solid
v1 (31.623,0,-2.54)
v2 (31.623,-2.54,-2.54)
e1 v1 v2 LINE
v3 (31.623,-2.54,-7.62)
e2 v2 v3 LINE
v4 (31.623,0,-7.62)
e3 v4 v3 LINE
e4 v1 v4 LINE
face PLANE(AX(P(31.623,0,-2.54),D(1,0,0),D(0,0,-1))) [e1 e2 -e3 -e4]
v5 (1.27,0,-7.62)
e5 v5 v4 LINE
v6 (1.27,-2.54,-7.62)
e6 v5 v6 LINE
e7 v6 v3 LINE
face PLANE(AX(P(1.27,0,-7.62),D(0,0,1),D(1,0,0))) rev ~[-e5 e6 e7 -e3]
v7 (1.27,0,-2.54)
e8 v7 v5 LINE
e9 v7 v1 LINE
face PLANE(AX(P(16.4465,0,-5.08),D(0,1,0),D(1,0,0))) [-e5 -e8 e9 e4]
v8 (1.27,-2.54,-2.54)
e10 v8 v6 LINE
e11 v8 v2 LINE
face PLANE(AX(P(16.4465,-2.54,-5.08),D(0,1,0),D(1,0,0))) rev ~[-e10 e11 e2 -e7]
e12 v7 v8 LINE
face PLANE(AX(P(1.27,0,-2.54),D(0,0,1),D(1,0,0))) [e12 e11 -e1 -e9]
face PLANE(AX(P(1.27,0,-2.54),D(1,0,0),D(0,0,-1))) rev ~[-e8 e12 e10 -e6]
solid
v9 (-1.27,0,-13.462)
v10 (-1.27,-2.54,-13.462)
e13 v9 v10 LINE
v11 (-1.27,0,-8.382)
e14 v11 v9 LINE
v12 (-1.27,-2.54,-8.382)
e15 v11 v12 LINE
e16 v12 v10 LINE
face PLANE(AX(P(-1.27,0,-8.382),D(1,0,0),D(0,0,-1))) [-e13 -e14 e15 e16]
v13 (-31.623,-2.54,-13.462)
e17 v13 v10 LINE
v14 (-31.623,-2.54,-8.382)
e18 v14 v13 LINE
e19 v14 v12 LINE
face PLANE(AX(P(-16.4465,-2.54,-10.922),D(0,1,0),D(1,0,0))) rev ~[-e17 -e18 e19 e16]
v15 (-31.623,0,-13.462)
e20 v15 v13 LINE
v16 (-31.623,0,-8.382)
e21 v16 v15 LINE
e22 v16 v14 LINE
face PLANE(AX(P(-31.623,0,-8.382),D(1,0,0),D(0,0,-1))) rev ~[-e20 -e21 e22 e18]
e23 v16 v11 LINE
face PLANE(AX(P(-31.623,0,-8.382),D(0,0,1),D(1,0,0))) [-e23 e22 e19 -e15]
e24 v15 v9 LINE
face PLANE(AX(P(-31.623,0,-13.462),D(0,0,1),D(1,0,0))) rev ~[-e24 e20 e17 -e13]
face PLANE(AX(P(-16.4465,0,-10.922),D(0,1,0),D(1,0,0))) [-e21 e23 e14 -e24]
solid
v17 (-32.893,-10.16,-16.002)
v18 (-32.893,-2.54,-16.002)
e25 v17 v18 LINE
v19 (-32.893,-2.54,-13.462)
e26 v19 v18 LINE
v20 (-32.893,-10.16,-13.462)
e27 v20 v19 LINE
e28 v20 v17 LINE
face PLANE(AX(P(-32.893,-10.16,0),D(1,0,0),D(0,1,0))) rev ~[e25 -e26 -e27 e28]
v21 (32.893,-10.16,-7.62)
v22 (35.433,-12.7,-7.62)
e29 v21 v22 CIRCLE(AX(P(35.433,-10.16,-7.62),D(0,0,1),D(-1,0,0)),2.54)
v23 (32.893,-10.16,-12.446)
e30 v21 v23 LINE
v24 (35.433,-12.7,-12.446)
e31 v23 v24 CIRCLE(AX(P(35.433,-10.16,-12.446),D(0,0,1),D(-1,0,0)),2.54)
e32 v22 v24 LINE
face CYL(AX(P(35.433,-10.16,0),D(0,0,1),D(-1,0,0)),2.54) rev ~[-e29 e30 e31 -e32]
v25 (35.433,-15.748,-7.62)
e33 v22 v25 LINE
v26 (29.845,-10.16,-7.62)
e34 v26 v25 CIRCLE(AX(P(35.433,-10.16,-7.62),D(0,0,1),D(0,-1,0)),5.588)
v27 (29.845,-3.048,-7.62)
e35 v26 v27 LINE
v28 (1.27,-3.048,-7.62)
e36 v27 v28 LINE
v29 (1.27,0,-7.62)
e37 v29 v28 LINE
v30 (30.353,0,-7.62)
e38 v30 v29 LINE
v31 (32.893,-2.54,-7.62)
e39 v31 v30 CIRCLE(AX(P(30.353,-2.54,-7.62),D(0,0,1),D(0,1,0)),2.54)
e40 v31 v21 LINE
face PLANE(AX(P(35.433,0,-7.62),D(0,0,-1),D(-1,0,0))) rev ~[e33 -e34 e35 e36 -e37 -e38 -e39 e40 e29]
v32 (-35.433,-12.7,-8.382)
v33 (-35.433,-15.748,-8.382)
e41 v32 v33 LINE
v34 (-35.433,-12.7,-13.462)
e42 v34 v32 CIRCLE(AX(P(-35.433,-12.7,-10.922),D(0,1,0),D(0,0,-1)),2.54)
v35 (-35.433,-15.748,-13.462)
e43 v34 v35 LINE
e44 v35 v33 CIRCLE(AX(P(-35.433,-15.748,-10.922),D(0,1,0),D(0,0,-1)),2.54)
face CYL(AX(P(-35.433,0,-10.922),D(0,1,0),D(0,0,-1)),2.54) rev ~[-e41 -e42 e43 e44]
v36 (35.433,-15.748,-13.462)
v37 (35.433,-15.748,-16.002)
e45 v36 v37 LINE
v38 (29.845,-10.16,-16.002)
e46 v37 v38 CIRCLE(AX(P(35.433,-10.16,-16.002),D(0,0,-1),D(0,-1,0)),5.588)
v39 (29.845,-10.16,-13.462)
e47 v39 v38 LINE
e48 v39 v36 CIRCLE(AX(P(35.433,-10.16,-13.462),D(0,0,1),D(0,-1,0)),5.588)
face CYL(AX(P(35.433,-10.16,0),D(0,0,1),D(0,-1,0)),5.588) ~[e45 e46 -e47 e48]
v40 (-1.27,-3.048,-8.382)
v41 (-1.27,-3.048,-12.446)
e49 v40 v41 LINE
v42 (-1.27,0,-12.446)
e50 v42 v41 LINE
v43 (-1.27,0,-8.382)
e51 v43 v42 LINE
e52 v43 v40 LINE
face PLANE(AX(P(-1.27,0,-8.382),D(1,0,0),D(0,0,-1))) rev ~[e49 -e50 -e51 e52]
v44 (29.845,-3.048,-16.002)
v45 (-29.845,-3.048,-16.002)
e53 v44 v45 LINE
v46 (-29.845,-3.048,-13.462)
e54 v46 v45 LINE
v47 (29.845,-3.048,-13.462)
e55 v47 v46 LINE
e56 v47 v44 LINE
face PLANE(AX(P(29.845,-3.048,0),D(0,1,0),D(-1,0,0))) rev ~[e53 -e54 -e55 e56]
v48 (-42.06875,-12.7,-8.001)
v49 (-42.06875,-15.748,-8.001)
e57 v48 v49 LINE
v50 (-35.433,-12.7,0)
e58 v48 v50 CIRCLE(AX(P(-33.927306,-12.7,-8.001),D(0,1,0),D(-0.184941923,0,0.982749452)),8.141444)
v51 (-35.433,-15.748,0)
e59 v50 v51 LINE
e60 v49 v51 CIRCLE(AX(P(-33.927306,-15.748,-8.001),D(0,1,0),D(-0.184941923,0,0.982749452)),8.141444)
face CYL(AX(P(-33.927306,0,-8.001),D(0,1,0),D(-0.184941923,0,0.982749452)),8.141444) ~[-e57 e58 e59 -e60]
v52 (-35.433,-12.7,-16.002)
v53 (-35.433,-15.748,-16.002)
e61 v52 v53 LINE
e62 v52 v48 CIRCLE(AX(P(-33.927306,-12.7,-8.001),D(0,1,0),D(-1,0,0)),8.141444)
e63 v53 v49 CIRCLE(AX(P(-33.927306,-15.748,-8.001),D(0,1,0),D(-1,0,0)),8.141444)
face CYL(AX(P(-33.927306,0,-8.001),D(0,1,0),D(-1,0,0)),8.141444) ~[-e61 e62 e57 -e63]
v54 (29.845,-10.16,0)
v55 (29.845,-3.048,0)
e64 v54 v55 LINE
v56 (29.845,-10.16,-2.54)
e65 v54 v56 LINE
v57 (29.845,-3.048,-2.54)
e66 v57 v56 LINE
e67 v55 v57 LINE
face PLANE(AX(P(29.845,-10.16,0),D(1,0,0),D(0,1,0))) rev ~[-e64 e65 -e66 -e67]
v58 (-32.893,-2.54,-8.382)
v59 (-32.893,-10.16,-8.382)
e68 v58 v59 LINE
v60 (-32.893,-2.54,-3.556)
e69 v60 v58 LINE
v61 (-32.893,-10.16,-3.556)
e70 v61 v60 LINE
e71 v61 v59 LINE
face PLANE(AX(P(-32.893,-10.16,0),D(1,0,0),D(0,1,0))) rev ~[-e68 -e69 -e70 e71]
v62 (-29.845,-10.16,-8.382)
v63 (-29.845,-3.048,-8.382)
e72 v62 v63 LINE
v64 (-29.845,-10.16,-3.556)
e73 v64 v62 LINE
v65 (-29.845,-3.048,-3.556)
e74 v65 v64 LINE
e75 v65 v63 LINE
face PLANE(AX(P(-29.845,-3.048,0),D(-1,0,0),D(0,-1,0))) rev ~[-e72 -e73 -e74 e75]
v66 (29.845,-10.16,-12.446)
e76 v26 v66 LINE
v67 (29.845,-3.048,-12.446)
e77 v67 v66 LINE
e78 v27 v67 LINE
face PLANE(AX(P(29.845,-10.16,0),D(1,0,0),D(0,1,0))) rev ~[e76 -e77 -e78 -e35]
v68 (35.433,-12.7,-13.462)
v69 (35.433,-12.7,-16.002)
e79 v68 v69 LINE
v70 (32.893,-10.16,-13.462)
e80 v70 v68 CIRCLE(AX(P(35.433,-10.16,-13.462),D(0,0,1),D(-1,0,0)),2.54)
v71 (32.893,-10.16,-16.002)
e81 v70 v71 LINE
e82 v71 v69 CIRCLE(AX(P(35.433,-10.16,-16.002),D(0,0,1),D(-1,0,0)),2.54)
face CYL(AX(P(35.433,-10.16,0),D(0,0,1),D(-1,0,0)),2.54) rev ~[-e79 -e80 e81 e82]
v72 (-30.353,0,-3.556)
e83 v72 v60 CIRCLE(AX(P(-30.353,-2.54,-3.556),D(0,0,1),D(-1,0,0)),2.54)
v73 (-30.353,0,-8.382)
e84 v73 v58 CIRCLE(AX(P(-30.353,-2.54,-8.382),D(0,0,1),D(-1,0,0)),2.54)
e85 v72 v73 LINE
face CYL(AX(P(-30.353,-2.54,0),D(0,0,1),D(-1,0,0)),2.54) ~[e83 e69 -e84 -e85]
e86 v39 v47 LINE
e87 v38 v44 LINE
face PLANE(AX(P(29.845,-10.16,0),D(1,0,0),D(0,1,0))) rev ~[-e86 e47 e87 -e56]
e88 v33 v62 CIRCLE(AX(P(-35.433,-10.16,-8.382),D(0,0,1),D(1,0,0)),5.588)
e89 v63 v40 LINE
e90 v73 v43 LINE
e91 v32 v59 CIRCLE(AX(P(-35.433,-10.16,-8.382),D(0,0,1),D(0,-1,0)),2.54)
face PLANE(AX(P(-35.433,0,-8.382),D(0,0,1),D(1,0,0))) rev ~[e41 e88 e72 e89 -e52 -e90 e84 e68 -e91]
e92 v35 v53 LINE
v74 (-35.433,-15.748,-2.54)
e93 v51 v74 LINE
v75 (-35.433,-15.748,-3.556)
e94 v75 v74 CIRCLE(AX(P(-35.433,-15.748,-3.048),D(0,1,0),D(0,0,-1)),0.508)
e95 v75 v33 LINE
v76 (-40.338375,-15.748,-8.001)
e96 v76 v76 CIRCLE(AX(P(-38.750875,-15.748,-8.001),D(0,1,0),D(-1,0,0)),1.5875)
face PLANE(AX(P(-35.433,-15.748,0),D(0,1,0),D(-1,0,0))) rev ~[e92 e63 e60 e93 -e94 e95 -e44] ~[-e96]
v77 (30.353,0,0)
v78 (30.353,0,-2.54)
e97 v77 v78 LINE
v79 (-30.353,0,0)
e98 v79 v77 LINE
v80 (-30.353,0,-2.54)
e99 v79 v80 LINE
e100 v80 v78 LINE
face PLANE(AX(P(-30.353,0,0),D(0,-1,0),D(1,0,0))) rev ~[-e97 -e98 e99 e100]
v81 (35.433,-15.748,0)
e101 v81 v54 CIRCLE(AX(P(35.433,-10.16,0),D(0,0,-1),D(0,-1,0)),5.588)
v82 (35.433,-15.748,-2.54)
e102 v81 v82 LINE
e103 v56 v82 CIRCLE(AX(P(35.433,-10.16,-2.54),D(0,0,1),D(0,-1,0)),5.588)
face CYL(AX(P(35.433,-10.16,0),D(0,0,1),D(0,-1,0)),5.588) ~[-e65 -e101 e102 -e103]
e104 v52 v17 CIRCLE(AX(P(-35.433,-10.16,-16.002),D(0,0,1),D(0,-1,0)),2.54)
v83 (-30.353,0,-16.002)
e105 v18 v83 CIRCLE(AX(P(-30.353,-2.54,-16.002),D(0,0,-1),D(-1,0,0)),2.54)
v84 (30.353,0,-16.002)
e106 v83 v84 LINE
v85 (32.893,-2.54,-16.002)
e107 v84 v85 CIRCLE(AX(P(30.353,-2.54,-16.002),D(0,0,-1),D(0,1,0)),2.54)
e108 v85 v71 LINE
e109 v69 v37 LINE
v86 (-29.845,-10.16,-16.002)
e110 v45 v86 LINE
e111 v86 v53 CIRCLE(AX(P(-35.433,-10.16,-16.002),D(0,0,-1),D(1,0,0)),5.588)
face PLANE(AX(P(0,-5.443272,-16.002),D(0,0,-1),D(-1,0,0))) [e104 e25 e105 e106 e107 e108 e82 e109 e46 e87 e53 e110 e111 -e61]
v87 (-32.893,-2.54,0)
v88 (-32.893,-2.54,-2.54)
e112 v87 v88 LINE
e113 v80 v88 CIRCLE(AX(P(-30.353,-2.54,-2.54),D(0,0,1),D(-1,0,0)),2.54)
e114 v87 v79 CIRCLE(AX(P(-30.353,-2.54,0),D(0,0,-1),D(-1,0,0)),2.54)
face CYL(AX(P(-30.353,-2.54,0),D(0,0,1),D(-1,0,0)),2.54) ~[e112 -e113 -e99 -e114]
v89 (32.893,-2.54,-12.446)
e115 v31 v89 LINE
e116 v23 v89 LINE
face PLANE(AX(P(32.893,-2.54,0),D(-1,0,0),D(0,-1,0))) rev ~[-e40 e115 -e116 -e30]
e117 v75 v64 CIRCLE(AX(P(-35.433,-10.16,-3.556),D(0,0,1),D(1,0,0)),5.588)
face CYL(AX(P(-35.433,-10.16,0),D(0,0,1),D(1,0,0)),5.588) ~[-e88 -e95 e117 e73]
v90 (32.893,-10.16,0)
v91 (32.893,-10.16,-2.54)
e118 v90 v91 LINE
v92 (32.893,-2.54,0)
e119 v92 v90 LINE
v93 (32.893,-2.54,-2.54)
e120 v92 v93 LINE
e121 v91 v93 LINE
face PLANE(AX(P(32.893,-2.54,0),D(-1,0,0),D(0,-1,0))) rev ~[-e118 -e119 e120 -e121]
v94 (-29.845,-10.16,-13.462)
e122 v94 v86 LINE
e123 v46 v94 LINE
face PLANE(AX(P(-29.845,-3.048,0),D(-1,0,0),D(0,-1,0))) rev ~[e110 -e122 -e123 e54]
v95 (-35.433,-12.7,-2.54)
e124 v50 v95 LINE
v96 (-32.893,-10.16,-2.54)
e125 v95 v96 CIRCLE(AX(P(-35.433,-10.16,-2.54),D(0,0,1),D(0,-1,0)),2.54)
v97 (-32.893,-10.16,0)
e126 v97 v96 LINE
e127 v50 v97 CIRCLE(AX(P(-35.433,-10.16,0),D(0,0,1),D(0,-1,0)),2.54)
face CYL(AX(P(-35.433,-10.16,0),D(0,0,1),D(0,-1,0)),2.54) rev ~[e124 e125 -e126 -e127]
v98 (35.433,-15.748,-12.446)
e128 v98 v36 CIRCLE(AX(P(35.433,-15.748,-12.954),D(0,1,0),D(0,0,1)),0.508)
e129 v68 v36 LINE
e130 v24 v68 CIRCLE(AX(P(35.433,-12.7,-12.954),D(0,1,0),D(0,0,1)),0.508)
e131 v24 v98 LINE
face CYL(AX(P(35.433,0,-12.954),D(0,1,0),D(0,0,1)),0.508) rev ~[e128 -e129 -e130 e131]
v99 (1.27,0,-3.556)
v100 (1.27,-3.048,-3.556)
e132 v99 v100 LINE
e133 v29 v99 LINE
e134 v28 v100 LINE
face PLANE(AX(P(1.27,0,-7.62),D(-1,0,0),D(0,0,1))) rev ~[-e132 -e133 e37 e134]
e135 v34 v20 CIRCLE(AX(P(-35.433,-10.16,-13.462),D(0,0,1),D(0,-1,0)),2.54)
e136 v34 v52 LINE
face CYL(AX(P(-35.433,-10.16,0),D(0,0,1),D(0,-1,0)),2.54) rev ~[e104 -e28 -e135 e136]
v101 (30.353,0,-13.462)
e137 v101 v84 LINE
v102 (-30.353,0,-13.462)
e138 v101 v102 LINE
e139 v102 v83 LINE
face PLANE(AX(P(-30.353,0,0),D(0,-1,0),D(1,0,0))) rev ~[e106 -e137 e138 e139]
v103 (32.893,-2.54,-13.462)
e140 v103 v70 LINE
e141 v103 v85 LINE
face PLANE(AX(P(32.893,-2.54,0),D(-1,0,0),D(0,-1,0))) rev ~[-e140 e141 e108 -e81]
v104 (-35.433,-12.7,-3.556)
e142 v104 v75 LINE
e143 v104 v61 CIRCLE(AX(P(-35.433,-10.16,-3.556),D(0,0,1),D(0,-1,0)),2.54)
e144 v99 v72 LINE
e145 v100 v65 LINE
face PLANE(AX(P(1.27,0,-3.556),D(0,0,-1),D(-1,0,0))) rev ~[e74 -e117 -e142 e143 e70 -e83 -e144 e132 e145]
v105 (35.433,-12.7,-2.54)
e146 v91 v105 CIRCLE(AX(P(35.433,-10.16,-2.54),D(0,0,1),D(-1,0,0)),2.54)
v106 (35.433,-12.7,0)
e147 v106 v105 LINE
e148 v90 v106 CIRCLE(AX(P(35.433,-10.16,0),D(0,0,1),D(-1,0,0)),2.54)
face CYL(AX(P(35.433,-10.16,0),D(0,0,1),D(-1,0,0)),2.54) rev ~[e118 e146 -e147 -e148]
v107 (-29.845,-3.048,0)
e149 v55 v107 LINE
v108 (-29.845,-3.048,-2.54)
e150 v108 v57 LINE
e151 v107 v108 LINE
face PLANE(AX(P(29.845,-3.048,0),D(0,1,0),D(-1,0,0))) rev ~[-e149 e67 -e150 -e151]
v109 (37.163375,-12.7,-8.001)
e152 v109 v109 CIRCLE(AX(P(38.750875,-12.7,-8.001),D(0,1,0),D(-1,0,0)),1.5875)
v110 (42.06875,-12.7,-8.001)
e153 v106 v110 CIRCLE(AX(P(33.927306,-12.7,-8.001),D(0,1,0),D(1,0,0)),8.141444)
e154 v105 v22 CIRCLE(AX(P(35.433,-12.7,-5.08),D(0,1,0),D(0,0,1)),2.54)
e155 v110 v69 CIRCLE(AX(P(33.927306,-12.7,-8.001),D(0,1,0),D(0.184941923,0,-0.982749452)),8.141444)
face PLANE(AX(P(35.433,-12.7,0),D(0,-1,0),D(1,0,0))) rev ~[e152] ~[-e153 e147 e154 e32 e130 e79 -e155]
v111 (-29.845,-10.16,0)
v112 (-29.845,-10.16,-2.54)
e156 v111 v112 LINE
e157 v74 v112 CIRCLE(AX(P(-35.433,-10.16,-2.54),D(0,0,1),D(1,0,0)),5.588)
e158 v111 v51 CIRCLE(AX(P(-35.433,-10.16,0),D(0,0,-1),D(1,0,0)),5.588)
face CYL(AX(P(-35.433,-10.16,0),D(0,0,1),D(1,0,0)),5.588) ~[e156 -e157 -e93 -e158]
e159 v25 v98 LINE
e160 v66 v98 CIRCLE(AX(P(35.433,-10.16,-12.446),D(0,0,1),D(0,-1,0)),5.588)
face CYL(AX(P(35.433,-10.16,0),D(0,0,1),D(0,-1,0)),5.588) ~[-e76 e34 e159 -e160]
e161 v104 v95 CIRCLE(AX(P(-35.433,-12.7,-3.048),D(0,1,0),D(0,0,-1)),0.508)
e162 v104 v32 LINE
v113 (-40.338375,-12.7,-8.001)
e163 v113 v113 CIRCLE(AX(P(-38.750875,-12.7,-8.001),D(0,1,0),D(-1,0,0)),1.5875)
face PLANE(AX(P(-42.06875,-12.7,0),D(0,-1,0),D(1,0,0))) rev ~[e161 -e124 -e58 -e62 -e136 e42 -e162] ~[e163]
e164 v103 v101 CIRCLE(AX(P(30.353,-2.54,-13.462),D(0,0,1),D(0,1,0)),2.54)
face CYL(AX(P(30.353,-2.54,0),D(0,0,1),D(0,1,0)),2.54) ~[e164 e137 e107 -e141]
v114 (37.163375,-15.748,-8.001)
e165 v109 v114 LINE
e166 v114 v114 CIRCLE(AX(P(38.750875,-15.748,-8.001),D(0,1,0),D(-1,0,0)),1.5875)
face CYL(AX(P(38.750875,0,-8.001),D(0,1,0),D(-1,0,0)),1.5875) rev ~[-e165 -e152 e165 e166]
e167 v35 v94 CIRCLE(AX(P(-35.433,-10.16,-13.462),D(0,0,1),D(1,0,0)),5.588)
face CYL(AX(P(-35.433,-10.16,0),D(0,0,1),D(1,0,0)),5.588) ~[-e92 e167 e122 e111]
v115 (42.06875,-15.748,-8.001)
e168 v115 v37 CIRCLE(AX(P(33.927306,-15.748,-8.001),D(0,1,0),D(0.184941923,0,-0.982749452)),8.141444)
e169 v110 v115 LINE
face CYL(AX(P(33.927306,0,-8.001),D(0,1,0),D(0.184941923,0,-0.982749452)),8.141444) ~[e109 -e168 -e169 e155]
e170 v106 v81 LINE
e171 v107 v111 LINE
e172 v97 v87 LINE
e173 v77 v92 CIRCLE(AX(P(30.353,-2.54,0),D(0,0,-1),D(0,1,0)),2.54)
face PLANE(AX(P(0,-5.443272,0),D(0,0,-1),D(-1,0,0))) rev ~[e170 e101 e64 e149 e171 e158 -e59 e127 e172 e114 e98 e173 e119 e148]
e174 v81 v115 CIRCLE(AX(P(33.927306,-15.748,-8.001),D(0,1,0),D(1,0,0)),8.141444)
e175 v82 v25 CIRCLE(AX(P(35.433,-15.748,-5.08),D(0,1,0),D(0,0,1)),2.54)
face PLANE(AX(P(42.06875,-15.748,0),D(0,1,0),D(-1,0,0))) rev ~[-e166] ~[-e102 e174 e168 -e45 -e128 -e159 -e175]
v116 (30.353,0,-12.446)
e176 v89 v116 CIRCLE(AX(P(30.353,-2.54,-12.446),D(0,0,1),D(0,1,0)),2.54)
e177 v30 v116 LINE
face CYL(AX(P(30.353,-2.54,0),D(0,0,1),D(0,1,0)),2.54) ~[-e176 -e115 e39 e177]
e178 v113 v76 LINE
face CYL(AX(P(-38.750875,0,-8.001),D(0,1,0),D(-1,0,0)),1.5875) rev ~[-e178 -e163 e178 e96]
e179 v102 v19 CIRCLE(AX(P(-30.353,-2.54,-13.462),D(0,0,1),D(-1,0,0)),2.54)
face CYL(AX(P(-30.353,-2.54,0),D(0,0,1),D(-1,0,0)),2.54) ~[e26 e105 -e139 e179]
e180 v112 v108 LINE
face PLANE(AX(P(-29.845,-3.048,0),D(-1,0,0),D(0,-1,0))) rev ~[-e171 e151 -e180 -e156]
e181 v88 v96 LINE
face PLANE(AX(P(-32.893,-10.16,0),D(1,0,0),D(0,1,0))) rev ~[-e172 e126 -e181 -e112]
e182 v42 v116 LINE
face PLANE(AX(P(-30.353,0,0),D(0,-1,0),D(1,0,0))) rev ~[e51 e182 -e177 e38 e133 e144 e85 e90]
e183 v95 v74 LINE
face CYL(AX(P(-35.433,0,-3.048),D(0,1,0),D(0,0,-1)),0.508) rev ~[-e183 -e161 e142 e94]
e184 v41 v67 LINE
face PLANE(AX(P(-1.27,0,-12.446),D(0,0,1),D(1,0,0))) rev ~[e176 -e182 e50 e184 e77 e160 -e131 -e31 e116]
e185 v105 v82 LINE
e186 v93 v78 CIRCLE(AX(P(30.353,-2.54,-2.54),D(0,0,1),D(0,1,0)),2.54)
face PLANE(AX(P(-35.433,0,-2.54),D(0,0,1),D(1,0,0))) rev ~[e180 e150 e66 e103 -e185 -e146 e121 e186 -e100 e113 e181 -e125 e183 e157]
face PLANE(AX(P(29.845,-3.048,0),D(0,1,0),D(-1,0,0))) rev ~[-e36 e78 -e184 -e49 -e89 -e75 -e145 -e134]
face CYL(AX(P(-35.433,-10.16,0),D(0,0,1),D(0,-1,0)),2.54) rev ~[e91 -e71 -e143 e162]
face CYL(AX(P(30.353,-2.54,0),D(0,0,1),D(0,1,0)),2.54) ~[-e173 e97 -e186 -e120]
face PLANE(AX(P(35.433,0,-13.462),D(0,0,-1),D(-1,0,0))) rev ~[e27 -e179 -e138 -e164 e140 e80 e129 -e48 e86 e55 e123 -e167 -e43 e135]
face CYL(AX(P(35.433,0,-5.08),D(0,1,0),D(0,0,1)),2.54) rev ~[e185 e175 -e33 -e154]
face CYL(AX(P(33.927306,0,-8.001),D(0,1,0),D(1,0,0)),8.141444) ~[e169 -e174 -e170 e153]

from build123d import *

# Parameters (mm, degrees)
EXTRUDE_THIN1_DEPTH   = 16.002
SKETCH2_R             = 1.5875
CUT_EXTRUDE1_DEPTH    = 48.684832332
SKETCH3_W             = 30.353
SKETCH3_H             = 5.08
BOSS_EXTRUDE1_DEPTH   = 2.54
BOSS_EXTRUDE1_2_DEPTH = 2.54


with BuildPart() as part:
    # Sketch1 → Extrude-Thin1 (new body)
    with BuildSketch(Plane.XY):
        with BuildLine():
            Line((-42.06875, -12.7), (-35.433, -12.7))
            ThreePointArc((-35.433, -12.7), (-33.636948776, -11.956051224), (-32.893, -10.16))
            Line((-32.893, -10.16), (-32.893, -2.54))
            ThreePointArc((-32.893, -2.54), (-32.149051224, -0.743948776), (-30.353, 0))
            Line((-30.353, 0), (30.353, 0))
            ThreePointArc((30.353, 0), (32.149051224, -0.743948776), (32.893, -2.54))
            Line((32.893, -2.54), (32.893, -10.16))
            ThreePointArc((32.893, -10.16), (33.636948776, -11.956051224), (35.433, -12.7))
            Line((35.433, -12.7), (42.06875, -12.7))
            Line((42.06875, -12.7), (42.06875, -15.748))
            Line((42.06875, -15.748), (35.433, -15.748))
            ThreePointArc((35.433, -15.748), (31.481687307, -14.111312693), (29.845, -10.16))
            Line((29.845, -10.16), (29.845, -3.048))
            Line((29.845, -3.048), (-29.845, -3.048))
            Line((-29.845, -3.048), (-29.845, -10.16))
            ThreePointArc((-29.845, -10.16), (-31.481687307, -14.111312693), (-35.433, -15.748))
            Line((-35.433, -15.748), (-42.06875, -15.748))
            Line((-42.06875, -15.748), (-42.06875, -12.7))
        make_face()
    extrude(amount=-EXTRUDE_THIN1_DEPTH)

    # Sketch2 → Cut-Extrude1 (cut, through all)
    with BuildSketch(Plane(origin=(0, 0, 0), x_dir=(1, 0, 0), z_dir=(0, 1, 0))):
        with BuildLine():
            ThreePointArc((-42.06875, 8.001), (-40.193949205, 13.198335352), (-35.433, 16.002))
            Line((-35.433, 16.002), (-42.06875, 16.002))
            Line((-42.06875, 16.002), (-42.06875, 8.001))
        make_face()
        with BuildLine():
            ThreePointArc((-35.433, 0), (-40.193949205, 2.803664648), (-42.06875, 8.001))
            Line((-42.06875, 8.001), (-42.06875, 0))
            Line((-42.06875, 0), (-35.433, 0))
        make_face()
        with BuildLine():
            Line((-30.353, 13.462), (-35.433, 13.462))
            ThreePointArc((-35.433, 13.462), (-37.973, 10.922), (-35.433, 8.382))
            Line((-35.433, 8.382), (-30.353, 8.382))
            Line((-30.353, 8.382), (-30.353, 13.462))
        make_face()
        Polygon((-1.27, 13.462), (-30.353, 13.462), (-30.353, 8.382), (-1.27, 8.382), (-1.27, 12.446), (30.353, 12.446), (30.353, 13.462), (0, 13.462), align=None)
        Polygon((1.27, 3.556), (-30.353, 3.556), (-30.353, 2.54), (0, 2.54), (1.27, 2.54), (30.353, 2.54), (30.353, 7.62), (1.27, 7.62), align=None)
        with BuildLine():
            Line((35.433, 7.62), (30.353, 7.62))
            Line((30.353, 7.62), (30.353, 2.54))
            Line((30.353, 2.54), (35.433, 2.54))
            ThreePointArc((35.433, 2.54), (37.973, 5.08), (35.433, 7.62))
        make_face()
        with Locations(Location((38.750875, 8.001, 0), (0, 0, 180))):
            Circle(SKETCH2_R)
        with BuildLine():
            ThreePointArc((42.06875, 8.001), (40.193949205, 2.803664648), (35.433, 0))
            Line((35.433, 0), (42.06875, 0))
            Line((42.06875, 0), (42.06875, 8.001))
        make_face()
        with BuildLine():
            ThreePointArc((35.433, 16.002), (40.193949205, 13.198335352), (42.06875, 8.001))
            Line((42.06875, 8.001), (42.06875, 16.002))
            Line((42.06875, 16.002), (35.433, 16.002))
        make_face()
        with BuildLine():
            Line((35.433, 13.462), (30.353, 13.462))
            Line((30.353, 13.462), (30.353, 12.446))
            Line((30.353, 12.446), (35.433, 12.446))
            ThreePointArc((35.433, 12.446), (35.941, 12.954), (35.433, 13.462))
        make_face()
        with BuildLine():
            Line((-30.353, 2.54), (-30.353, 3.556))
            Line((-30.353, 3.556), (-35.433, 3.556))
            ThreePointArc((-35.433, 3.556), (-35.941, 3.048), (-35.433, 2.54))
            Line((-35.433, 2.54), (-30.353, 2.54))
        make_face()
        with Locations(Location((-38.750875, 8.001, 0), (0, 0, 180))):
            Circle(SKETCH2_R)
    extrude(amount=-CUT_EXTRUDE1_DEPTH, mode=Mode.SUBTRACT)


with BuildPart() as body_2:
    # Sketch3 → Boss-Extrude1 (new body)
    with BuildSketch(Plane(origin=(0, 0, 0), x_dir=(1, 0, 0), z_dir=(0, 1, 0))):
        with Locations((-16.4465, 10.922)):
            Rectangle(SKETCH3_W, SKETCH3_H)
    extrude(amount=-BOSS_EXTRUDE1_DEPTH)


with BuildPart() as body_3:
    # Sketch3 → Boss-Extrude1 2 (new body)
    with BuildSketch(Plane(origin=(0, 0, 0), x_dir=(1, 0, 0), z_dir=(0, 1, 0))):
        with Locations((16.4465, 5.08)):
            Rectangle(SKETCH3_W, SKETCH3_H)
    extrude(amount=-BOSS_EXTRUDE1_2_DEPTH)


solid = Compound([part.part, body_2.part, body_3.part])
